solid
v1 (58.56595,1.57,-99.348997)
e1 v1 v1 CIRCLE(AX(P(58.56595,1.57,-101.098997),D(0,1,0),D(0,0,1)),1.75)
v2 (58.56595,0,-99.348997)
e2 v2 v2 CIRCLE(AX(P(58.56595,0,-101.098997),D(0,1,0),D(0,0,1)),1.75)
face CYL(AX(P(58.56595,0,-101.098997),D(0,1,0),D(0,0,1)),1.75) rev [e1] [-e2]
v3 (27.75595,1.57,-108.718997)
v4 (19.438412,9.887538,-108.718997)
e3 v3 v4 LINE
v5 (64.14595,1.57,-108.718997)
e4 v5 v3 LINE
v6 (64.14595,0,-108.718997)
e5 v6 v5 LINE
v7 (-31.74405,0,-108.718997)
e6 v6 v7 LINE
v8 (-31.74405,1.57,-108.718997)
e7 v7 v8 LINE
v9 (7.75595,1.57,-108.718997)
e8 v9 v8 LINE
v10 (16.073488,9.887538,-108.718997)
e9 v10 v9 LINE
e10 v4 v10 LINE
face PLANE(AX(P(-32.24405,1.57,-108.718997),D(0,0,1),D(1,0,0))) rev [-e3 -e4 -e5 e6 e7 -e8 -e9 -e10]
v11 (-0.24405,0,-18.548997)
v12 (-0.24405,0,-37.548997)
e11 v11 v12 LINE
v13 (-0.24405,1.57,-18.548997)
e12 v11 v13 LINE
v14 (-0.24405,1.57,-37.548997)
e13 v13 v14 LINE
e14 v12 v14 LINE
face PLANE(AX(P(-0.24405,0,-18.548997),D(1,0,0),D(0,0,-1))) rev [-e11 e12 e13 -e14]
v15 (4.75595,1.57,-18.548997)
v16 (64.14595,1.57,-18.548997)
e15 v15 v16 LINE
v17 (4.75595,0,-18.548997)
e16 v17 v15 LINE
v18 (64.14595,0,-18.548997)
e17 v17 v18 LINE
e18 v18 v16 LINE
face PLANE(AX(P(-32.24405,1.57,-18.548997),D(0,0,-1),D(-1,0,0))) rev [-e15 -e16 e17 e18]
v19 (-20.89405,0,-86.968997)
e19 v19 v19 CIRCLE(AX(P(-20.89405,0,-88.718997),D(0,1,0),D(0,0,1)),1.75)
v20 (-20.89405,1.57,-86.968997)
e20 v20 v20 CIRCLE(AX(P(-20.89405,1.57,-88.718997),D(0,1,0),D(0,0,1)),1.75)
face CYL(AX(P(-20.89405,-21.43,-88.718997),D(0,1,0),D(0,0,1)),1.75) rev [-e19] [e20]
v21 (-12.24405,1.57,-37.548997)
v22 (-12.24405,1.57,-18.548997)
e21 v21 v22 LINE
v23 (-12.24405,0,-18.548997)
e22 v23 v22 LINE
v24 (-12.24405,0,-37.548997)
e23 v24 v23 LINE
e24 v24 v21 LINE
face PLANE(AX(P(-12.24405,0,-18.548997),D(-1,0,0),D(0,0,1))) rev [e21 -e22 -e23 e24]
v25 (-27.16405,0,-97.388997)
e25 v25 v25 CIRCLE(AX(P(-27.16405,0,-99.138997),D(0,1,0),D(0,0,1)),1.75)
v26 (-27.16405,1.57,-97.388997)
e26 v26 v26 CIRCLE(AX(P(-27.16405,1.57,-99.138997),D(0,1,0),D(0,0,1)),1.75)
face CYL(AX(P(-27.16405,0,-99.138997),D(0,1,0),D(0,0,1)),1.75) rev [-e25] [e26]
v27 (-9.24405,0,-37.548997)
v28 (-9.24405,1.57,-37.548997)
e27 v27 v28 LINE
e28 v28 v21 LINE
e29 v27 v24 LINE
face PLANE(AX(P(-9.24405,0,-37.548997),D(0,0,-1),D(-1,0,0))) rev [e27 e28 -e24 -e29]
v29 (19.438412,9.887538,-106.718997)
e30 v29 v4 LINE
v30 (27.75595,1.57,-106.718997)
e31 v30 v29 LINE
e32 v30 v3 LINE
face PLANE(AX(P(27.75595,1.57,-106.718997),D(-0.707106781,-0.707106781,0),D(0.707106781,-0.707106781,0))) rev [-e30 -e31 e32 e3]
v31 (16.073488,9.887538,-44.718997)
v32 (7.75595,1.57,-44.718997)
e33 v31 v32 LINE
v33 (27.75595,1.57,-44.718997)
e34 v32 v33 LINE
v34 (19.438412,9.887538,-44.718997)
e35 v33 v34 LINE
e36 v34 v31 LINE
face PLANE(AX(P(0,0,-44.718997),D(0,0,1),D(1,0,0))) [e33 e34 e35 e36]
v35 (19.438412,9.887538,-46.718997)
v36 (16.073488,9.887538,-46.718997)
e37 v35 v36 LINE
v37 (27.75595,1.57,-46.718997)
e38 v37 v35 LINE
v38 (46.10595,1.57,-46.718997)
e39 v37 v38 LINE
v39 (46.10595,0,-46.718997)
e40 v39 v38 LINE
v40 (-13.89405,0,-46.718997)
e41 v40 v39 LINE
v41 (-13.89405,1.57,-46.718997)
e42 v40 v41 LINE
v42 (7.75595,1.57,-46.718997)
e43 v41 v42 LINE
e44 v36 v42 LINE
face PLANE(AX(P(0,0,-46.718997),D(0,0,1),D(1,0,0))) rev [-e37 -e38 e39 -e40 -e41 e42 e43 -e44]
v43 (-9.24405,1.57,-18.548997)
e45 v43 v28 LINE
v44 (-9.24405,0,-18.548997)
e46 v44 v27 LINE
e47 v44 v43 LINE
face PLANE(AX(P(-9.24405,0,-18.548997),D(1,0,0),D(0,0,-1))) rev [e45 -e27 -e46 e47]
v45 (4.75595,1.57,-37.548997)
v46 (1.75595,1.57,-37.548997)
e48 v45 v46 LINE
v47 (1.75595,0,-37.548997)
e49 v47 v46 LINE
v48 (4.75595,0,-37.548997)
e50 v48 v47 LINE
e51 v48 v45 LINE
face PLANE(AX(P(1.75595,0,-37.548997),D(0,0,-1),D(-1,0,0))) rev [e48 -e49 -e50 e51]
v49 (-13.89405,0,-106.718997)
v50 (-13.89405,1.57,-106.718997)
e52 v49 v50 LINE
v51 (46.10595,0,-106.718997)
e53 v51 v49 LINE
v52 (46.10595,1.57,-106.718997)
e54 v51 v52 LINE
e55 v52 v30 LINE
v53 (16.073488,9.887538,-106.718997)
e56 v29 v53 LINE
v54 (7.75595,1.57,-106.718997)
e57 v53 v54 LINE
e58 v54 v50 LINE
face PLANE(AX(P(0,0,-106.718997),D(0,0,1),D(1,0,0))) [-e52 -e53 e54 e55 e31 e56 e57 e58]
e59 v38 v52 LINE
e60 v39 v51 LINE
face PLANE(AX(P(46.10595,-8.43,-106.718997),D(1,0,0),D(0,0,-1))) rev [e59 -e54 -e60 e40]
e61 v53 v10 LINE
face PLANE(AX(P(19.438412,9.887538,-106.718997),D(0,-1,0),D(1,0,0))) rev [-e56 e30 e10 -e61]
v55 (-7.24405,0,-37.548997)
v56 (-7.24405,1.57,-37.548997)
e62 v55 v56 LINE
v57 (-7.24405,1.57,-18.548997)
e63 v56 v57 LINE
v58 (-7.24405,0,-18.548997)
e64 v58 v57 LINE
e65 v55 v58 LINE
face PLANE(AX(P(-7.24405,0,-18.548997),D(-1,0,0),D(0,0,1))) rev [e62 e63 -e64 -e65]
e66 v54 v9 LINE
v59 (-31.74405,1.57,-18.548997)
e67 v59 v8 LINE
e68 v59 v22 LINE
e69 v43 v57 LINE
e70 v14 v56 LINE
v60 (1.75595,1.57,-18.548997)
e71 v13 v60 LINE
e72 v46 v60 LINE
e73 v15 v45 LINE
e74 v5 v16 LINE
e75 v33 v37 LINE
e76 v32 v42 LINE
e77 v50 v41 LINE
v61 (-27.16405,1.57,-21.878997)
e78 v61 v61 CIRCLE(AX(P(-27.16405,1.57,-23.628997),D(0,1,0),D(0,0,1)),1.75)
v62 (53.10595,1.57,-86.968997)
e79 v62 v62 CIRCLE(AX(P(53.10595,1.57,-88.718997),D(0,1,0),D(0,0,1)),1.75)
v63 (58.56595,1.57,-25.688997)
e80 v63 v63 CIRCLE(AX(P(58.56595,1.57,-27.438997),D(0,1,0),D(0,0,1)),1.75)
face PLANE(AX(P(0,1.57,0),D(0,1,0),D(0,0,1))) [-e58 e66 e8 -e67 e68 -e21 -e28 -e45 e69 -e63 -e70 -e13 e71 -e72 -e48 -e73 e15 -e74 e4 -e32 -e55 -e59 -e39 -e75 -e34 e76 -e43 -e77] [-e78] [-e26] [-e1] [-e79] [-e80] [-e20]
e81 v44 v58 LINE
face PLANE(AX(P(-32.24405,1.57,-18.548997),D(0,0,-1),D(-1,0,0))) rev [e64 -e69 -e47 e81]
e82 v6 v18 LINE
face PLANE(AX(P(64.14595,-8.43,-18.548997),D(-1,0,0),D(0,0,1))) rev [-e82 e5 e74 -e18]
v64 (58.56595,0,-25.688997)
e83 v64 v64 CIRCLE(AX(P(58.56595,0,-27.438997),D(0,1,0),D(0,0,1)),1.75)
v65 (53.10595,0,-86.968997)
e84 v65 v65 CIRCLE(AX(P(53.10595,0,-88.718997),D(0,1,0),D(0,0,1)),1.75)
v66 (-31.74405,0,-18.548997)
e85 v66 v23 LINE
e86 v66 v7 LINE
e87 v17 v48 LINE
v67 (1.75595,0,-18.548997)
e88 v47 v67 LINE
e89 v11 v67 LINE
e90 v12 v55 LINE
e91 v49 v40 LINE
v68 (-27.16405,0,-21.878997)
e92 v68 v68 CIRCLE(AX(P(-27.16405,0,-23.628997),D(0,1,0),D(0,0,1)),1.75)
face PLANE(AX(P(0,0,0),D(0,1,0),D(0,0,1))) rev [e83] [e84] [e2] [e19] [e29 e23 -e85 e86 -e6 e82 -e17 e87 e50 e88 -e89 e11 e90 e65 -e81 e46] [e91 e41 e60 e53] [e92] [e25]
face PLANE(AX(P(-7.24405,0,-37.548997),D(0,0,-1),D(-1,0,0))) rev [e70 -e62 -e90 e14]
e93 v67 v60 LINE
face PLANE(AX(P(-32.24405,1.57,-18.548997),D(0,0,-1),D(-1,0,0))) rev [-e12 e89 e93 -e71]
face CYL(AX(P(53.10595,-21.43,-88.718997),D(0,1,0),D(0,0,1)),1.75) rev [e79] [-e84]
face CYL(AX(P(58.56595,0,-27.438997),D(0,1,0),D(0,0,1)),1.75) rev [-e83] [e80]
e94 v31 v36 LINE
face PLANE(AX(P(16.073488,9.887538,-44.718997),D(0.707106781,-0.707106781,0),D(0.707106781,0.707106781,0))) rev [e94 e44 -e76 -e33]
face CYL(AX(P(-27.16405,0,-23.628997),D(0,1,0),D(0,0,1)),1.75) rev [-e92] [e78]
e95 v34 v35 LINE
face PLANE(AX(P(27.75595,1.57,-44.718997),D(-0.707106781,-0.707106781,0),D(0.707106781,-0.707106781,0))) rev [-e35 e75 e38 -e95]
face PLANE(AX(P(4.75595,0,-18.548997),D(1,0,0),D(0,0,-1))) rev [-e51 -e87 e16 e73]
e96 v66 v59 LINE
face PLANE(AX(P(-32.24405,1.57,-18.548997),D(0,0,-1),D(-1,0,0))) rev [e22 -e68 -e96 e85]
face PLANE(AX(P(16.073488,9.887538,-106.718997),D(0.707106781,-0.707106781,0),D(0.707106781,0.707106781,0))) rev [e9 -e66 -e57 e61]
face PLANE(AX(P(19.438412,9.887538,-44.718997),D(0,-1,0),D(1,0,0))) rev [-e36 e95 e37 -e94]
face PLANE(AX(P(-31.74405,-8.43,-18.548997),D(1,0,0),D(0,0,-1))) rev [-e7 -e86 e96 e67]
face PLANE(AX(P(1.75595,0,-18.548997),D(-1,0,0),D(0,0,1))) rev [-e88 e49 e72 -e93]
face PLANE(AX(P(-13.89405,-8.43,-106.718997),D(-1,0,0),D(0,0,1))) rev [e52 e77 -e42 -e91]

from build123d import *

# Parameters (mm, degrees)
SKETCH1_W               = 96.89
SKETCH1_H               = 90.17
PCB_DEPTH               = 1.57
SKETCH2_R               = 1.75
M3_MOUNTING_HOLES_DEPTH = 1.57
SKETCH4_R               = 1.75
CUT_EXTRUDE1_DEPTH      = 23
BOSS_EXTRUDE2_DEPTH     = 2
BOSS_EXTRUDE3_DEPTH     = 2
SKETCH9_W               = 3
SKETCH9_H               = 19
SKETCH9_W_2             = 7
CUT_EXTRUDE2_DEPTH      = 127.760011393
SKETCH10_W              = 0.5
SKETCH10_H              = 90.17
CUT_EXTRUDE3_DEPTH      = 10
SKETCH11_W              = 60
SKETCH11_H              = 60
CUT_EXTRUDE4_DEPTH      = 10


with BuildPart() as part:
    # Sketch1 → PCB (new body)
    with BuildSketch(Plane(origin=(0, 0, 0), x_dir=(1, 0, 0), z_dir=(0, 1, 0))):
        with Locations((16.200949951, 63.633996534)):
            Rectangle(SKETCH1_W, SKETCH1_H)
    extrude(amount=PCB_DEPTH)

    # Sketch2 → M3 Mounting Holes (cut)
    with BuildSketch(Plane(origin=(0, 1.57, 0), x_dir=(1, 0, 0), z_dir=(0, 1, 0))):
        with Locations(Location((58.565949951, 27.438996534, 0), (0, 0, 270))):
            Circle(SKETCH2_R)
        with Locations(Location((-27.164050049, 23.628996534, 0), (0, 0, 270))):
            Circle(SKETCH2_R)
        with Locations(Location((-27.164050049, 99.138996534, 0), (0, 0, 270))):
            Circle(SKETCH2_R)
        with Locations(Location((58.565949951, 101.098996534, 0), (0, 0, 270))):
            Circle(SKETCH2_R)
    extrude(amount=-M3_MOUNTING_HOLES_DEPTH, mode=Mode.SUBTRACT)

    # Sketch4 → Cut-Extrude1 (cut)
    with BuildSketch(Plane(origin=(0, 1.57, 0), x_dir=(1, 0, 0), z_dir=(0, 1, 0))):
        with Locations(Location((-20.894050049, 88.718996534, 0), (0, 0, 270))):
            Circle(SKETCH4_R)
        with Locations(Location((53.105949951, 88.718996534, 0), (0, 0, 270))):
            Circle(SKETCH4_R)
    extrude(amount=-CUT_EXTRUDE1_DEPTH, mode=Mode.SUBTRACT)

    # Sketch7 → Boss-Extrude2 (add)
    with BuildSketch(Plane.XY.offset(-46.718996534)):
        Polygon((27.755949951, 1.57), (19.438412086, 9.887537865), (16.073487816, 9.887537865), (7.755949951, 1.57), align=None)
    extrude(amount=BOSS_EXTRUDE2_DEPTH)

    # Sketch8 → Boss-Extrude3 (add)
    with BuildSketch(Plane.XY.offset(-108.718996534)):
        Polygon((27.755949951, 1.57), (19.438412086, 9.887537865), (16.073487816, 9.887537865), (7.755949951, 1.57), align=None)
    extrude(amount=BOSS_EXTRUDE3_DEPTH)

    # Sketch9 → Cut-Extrude2 (cut, through all)
    with BuildSketch(Plane(origin=(0, 1.57, 0), x_dir=(1, 0, 0), z_dir=(0, 1, 0))):
        with Locations((-10.744050049, 28.048996534)):
            Rectangle(SKETCH9_W, SKETCH9_H)
        with Locations((-3.744050049, 28.048996534)):
            Rectangle(SKETCH9_W_2, SKETCH9_H)
        with Locations((3.255949951, 28.048996534)):
            Rectangle(SKETCH9_W, SKETCH9_H)
    extrude(amount=-CUT_EXTRUDE2_DEPTH, mode=Mode.SUBTRACT)

    # Sketch10 → Cut-Extrude3 (cut)
    with BuildSketch(Plane(origin=(0, 1.57, 0), x_dir=(1, 0, 0), z_dir=(0, 1, 0))):
        with Locations((-31.994050049, 63.633996534)):
            Rectangle(SKETCH10_W, SKETCH10_H)
        with Locations((64.395949951, 63.633996534)):
            Rectangle(SKETCH10_W, SKETCH10_H)
    extrude(amount=-CUT_EXTRUDE3_DEPTH, mode=Mode.SUBTRACT)

    # Sketch11 → Cut-Extrude4 (cut)
    with BuildSketch(Plane(origin=(0, 1.57, 0), x_dir=(1, 0, 0), z_dir=(0, 1, 0))):
        with Locations((16.105949951, 76.718996534)):
            Rectangle(SKETCH11_W, SKETCH11_H)
    extrude(amount=-CUT_EXTRUDE4_DEPTH, mode=Mode.SUBTRACT)


solid = part.part
